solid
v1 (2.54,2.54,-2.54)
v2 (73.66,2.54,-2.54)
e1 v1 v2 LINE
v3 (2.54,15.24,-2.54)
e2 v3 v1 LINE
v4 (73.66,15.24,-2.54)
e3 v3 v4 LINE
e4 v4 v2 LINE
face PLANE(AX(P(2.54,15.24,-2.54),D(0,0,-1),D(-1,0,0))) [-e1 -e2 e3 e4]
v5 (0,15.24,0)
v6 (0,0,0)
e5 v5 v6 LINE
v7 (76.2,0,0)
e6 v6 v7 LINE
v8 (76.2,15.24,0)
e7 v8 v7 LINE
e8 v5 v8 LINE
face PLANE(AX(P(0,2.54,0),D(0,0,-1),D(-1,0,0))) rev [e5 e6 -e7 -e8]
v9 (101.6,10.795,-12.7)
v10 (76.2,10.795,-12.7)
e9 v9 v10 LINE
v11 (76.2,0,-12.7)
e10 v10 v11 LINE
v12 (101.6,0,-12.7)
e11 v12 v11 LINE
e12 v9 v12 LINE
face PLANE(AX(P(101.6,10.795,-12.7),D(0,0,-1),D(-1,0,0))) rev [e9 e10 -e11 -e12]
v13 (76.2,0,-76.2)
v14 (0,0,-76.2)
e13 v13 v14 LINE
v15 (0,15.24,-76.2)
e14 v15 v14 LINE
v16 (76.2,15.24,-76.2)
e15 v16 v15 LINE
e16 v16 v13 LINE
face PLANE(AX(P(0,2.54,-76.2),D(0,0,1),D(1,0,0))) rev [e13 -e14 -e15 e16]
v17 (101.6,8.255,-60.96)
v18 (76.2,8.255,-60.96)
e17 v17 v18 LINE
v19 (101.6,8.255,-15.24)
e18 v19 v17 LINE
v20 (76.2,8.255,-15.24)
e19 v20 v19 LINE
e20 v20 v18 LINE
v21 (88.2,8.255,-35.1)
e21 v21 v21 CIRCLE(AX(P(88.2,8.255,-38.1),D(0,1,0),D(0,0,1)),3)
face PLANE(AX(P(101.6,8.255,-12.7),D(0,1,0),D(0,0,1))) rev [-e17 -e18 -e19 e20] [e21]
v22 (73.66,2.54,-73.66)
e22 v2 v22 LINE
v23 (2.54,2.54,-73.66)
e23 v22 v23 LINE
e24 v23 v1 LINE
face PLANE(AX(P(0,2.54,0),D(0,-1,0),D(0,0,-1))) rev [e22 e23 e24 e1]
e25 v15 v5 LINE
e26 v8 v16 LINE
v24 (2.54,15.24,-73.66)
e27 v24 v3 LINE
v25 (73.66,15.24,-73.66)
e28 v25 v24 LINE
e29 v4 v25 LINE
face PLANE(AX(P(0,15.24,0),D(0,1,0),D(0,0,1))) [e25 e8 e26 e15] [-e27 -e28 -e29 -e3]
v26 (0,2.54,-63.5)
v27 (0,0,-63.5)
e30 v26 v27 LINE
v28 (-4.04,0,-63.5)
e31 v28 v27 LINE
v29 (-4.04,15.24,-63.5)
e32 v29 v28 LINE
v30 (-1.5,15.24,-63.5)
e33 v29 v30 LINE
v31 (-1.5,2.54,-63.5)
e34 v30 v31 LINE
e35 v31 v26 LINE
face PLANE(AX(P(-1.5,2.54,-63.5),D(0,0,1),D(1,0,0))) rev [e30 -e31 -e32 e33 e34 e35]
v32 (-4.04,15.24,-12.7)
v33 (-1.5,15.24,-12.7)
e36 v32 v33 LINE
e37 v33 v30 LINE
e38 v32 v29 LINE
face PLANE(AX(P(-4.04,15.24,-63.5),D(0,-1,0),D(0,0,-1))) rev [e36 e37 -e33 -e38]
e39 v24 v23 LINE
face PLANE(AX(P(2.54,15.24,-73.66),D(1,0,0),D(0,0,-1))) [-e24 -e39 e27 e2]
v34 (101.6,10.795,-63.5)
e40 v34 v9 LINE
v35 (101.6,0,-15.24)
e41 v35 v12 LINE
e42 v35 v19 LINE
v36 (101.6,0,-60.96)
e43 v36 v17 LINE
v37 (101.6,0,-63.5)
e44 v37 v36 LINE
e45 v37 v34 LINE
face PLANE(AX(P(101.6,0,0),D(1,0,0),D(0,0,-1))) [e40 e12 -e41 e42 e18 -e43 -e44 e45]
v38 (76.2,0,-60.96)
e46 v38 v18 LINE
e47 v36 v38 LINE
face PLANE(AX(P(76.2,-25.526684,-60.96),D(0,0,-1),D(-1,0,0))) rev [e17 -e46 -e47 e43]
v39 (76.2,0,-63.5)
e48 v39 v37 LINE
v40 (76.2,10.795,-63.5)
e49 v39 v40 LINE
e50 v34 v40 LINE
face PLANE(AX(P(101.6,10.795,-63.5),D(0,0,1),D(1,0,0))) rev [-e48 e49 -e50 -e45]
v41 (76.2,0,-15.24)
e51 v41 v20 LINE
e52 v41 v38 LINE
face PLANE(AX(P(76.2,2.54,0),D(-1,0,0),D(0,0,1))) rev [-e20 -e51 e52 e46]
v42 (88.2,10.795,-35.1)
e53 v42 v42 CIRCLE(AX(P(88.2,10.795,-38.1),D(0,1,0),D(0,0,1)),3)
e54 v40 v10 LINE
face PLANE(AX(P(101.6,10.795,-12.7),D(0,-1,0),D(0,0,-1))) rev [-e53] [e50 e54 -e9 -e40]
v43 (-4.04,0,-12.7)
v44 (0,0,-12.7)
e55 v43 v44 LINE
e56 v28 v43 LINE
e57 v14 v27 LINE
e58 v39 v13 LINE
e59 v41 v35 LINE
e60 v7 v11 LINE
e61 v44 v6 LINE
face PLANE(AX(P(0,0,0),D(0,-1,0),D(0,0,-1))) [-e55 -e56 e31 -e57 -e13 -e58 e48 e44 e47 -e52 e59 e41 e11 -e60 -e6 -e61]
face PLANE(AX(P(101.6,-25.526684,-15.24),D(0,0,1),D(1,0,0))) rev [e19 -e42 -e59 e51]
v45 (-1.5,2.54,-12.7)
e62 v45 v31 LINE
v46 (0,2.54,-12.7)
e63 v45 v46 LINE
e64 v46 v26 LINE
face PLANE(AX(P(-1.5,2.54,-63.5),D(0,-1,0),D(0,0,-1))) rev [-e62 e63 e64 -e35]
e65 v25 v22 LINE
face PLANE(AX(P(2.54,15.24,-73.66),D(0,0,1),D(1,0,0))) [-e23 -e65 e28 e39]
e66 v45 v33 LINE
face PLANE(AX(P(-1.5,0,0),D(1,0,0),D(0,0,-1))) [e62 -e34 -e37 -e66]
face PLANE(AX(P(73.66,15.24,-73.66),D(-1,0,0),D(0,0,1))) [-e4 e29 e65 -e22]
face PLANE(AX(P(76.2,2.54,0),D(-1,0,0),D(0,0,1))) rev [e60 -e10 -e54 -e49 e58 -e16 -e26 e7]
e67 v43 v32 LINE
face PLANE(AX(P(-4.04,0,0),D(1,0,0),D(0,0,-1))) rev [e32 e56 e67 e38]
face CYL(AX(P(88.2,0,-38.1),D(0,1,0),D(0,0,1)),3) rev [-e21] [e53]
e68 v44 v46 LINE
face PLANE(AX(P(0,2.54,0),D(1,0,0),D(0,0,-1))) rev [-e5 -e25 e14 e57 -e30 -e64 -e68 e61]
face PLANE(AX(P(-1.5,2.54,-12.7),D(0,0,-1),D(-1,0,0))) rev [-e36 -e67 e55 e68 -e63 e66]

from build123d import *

# Parameters (mm, degrees)
SKETCH1_W           = 76.2
SKETCH1_H           = 76.2
BOSS_EXTRUDE1_DEPTH = 2.54
SKETCH2_W           = 76.2
SKETCH2_H           = 76.2
SKETCH2_W_2         = 71.12
SKETCH2_H_2         = 71.12
BOSS_EXTRUDE2_DEPTH = 12.7
SKETCH3_W           = 50.8
SKETCH3_H           = 2.54
BOSS_EXTRUDE3_DEPTH = 25.4
SKETCH5_R           = 3
CUT_EXTRUDE2_DEPTH  = 11.795
SKETCH6_W           = 25.4
SKETCH6_H           = 2.54
BOSS_EXTRUDE4_DEPTH = 8.255
SKETCH9_W           = 50.8
SKETCH9_H           = 2.54
BOSS_EXTRUDE5_DEPTH = 1.5
SKETCH10_W          = 50.8
SKETCH10_H          = 15.24
BOSS_EXTRUDE6_DEPTH = 2.54


with BuildPart() as part:
    # Sketch1 → Boss-Extrude1 (new body)
    with BuildSketch(Plane(origin=(0, 0, 0), x_dir=(1, 0, 0), z_dir=(0, 1, 0))):
        with Locations((38.1, 38.1)):
            Rectangle(SKETCH1_W, SKETCH1_H)
    extrude(amount=BOSS_EXTRUDE1_DEPTH)

    # Sketch2 → Boss-Extrude2 (add)
    with BuildSketch(Plane(origin=(0, 2.54, 0), x_dir=(1, 0, 0), z_dir=(0, 1, 0))):
        with Locations((38.1, 38.1)):
            Rectangle(SKETCH2_W, SKETCH2_H)
        with Locations((38.1, 38.1)):
            Rectangle(SKETCH2_W_2, SKETCH2_H_2, mode=Mode.SUBTRACT)
    extrude(amount=BOSS_EXTRUDE2_DEPTH)

    # Sketch3 → Boss-Extrude3 (add)
    with BuildSketch(Plane(origin=(76.2, 0, 0), x_dir=(0, 0, -1), z_dir=(1, 0, 0))):
        with Locations((38.1, 9.525)):
            Rectangle(SKETCH3_W, SKETCH3_H)
    extrude(amount=BOSS_EXTRUDE3_DEPTH)

    # Sketch5 → Cut-Extrude2 (cut, through all)
    with BuildSketch(Plane(origin=(0, 10.795, 0), x_dir=(1, 0, 0), z_dir=(0, 1, 0))):
        with Locations((88.2, 38.1)):
            Circle(SKETCH5_R)
    extrude(amount=-CUT_EXTRUDE2_DEPTH, mode=Mode.SUBTRACT)

    # Sketch6 → Boss-Extrude4 (add)
    with BuildSketch(Plane.XZ.offset(-8.255)):
        with Locations((88.9, -13.97)):
            Rectangle(SKETCH6_W, SKETCH6_H)
        with Locations((88.9, -62.23)):
            Rectangle(SKETCH6_W, SKETCH6_H)
    extrude(amount=BOSS_EXTRUDE4_DEPTH)

    # Sketch9 → Boss-Extrude5 (add)
    with BuildSketch(Plane.ZY):
        with Locations((-38.1, 1.27)):
            Rectangle(SKETCH9_W, SKETCH9_H)
    extrude(amount=BOSS_EXTRUDE5_DEPTH)

    # Sketch10 → Boss-Extrude6 (add)
    with BuildSketch(Plane.ZY.offset(1.5)):
        with Locations((-38.1, 7.62)):
            Rectangle(SKETCH10_W, SKETCH10_H)
    extrude(amount=BOSS_EXTRUDE6_DEPTH)


solid = part.part
